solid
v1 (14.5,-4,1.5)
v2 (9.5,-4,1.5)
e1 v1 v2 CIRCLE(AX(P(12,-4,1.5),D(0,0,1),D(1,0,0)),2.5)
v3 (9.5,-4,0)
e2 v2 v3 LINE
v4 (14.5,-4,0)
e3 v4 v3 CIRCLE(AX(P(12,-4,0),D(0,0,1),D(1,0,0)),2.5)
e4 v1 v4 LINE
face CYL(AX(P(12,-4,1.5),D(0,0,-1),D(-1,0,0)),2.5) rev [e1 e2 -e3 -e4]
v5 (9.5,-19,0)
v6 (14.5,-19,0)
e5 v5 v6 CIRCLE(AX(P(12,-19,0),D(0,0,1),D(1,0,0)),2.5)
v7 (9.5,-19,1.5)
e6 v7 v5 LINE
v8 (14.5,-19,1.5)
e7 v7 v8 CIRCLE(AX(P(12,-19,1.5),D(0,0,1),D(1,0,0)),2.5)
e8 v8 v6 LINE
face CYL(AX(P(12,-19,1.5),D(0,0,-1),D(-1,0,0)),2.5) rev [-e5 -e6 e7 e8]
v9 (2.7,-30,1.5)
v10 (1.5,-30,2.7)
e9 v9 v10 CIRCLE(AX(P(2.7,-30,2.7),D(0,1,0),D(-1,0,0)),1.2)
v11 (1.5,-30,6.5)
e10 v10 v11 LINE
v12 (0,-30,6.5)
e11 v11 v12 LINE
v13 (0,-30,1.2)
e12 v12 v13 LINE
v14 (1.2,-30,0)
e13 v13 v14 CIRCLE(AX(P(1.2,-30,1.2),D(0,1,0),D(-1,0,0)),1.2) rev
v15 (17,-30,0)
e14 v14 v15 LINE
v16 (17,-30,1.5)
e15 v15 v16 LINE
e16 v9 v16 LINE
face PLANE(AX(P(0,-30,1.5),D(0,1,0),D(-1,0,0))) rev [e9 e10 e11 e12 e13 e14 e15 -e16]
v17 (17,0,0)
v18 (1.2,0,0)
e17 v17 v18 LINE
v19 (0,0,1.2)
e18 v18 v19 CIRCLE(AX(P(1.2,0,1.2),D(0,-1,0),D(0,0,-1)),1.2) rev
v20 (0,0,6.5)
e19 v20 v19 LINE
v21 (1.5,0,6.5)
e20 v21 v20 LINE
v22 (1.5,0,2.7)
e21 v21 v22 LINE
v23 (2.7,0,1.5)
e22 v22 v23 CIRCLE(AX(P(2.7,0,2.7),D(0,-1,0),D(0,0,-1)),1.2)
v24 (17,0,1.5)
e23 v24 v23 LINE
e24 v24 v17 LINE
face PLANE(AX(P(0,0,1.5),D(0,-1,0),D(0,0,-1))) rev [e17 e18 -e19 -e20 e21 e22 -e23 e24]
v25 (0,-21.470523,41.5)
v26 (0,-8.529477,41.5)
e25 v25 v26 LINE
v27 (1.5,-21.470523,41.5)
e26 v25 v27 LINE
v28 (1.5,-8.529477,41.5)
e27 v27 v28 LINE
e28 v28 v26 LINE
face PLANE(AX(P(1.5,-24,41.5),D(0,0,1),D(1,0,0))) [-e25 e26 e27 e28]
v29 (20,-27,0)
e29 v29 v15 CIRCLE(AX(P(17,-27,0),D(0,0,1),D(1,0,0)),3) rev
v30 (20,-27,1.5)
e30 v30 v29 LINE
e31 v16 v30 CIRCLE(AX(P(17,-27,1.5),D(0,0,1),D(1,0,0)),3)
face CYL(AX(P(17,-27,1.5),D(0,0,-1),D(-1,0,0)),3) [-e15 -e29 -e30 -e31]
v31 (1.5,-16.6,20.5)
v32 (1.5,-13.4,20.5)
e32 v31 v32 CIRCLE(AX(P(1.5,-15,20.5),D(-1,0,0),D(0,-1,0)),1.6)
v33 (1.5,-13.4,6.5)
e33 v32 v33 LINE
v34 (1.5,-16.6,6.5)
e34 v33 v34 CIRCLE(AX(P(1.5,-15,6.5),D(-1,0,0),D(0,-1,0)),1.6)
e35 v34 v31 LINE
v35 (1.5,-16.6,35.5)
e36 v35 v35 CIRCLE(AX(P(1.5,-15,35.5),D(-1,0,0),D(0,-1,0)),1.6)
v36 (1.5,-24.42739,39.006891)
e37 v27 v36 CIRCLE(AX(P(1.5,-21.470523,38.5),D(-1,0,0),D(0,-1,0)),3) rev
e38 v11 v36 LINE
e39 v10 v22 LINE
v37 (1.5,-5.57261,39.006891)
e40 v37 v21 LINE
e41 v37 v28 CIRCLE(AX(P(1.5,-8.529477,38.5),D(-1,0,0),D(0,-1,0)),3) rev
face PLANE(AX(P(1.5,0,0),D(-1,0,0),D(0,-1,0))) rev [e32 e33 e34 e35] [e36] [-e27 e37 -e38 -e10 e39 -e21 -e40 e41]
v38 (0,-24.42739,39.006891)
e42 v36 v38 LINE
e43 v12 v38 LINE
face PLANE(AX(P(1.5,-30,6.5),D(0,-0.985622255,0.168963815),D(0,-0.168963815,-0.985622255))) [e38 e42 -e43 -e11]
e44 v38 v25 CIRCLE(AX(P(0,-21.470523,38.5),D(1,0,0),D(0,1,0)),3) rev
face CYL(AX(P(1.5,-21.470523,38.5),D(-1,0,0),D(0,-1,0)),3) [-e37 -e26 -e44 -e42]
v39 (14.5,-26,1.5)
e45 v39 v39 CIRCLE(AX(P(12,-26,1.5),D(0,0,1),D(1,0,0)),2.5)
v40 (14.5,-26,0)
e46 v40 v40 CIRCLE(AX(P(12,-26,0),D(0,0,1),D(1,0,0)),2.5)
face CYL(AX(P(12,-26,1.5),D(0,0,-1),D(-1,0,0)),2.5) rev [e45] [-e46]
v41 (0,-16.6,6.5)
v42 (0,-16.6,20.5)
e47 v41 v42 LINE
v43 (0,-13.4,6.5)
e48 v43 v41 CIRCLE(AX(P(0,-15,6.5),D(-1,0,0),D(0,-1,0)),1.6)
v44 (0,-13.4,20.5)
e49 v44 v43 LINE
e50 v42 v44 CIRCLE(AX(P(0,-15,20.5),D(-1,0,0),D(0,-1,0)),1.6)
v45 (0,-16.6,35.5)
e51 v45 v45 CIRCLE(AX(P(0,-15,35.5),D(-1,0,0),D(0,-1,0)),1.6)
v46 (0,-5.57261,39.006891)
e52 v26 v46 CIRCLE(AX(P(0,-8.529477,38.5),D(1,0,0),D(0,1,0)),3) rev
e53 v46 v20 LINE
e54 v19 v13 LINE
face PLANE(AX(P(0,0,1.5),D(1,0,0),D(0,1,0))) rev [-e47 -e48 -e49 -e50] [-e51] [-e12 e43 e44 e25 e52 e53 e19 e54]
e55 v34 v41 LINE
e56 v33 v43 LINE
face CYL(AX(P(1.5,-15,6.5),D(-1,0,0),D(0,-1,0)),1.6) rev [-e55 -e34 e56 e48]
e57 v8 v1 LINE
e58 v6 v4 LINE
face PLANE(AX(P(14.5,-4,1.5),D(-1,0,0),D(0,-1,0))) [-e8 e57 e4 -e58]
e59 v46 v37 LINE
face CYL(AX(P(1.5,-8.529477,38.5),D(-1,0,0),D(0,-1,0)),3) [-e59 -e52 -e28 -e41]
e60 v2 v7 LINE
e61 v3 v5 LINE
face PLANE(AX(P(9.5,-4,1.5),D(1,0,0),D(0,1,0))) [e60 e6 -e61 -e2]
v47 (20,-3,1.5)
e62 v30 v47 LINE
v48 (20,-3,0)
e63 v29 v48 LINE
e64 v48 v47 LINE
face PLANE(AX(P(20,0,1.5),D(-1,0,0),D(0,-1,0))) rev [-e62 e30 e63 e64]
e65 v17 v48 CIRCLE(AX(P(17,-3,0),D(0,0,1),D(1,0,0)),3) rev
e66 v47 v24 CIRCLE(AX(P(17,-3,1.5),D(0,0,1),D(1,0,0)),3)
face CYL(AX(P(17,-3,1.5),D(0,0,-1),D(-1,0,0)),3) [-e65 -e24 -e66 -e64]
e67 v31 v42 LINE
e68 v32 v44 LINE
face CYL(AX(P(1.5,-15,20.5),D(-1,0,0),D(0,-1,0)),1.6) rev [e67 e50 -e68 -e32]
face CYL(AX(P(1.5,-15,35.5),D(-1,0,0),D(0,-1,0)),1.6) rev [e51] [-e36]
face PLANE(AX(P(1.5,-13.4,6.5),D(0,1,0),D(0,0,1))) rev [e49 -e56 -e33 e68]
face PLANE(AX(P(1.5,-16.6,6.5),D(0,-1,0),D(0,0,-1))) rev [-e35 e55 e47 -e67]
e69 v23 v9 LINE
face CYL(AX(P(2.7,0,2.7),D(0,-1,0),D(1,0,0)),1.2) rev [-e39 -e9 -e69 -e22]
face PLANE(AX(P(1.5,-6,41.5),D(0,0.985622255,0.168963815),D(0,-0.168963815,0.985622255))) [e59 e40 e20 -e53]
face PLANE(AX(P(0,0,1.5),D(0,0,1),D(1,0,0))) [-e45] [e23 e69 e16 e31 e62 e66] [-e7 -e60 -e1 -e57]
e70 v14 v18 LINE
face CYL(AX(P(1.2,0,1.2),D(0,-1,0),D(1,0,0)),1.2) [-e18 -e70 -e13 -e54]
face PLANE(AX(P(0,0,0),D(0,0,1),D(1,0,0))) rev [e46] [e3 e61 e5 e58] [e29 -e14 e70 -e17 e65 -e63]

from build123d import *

# Parameters (mm, degrees)
SKETCH1_W           = 20
SKETCH1_H           = 30
SKETCH1_R           = 2.5
BOSS_EXTRUDE1_DEPTH = 1.5
SKETCH3_R           = 1.6
BOSS_EXTRUDE2_DEPTH = 1.5
FILLET1_R           = 1.2
FILLET2_R           = 3


with BuildPart() as part:
    # Sketch1 → Boss-Extrude1 (new body)
    with BuildSketch(Plane.XY):
        with Locations((10, -15)):
            Rectangle(SKETCH1_W, SKETCH1_H)
        with Locations((12, -26)):
            Circle(SKETCH1_R, mode=Mode.SUBTRACT)
        with BuildLine():
            Line((14.5, -4), (14.5, -19))
            ThreePointArc((14.5, -19), (12, -21.5), (9.5, -19))
            Line((9.5, -19), (9.5, -4))
            ThreePointArc((9.5, -4), (12, -1.5), (14.5, -4))
        make_face(mode=Mode.SUBTRACT)
    extrude(amount=BOSS_EXTRUDE1_DEPTH)

    # Sketch3 → Boss-Extrude2 (add)
    with BuildSketch(Plane.ZY):
        Polygon((1.5, 0), (1.5, -30), (6.5, -30), (41.5, -24), (41.5, -6), (6.5, 0), align=None)
        with Locations(Location((35.5, -15, 0), (0, 0, 270))):
            Circle(SKETCH3_R, mode=Mode.SUBTRACT)
        with BuildLine():
            Line((6.5, -13.4), (20.5, -13.4))
            ThreePointArc((20.5, -13.4), (22.1, -15), (20.5, -16.6))
            Line((20.5, -16.6), (6.5, -16.6))
            ThreePointArc((6.5, -16.6), (4.9, -15), (6.5, -13.4))
        make_face(mode=Mode.SUBTRACT)
    extrude(amount=-BOSS_EXTRUDE2_DEPTH)

    # Fillet1
    fillet1_edges = [part.edges().sort_by_distance(p)[0] for p in [
        (1.5, -15, 1.5),
        (0, -15, 0),
    ]]
    fillet(fillet1_edges, radius=FILLET1_R)

    # Fillet2
    fillet2_edges = [part.edges().sort_by_distance(p)[0] for p in [
        (0.75, -6, 41.5),
        (0.75, -24, 41.5),
        (20, 0, 0.75),
        (20, -30, 0.75),
    ]]
    fillet(fillet2_edges, radius=FILLET2_R)


solid = part.part
